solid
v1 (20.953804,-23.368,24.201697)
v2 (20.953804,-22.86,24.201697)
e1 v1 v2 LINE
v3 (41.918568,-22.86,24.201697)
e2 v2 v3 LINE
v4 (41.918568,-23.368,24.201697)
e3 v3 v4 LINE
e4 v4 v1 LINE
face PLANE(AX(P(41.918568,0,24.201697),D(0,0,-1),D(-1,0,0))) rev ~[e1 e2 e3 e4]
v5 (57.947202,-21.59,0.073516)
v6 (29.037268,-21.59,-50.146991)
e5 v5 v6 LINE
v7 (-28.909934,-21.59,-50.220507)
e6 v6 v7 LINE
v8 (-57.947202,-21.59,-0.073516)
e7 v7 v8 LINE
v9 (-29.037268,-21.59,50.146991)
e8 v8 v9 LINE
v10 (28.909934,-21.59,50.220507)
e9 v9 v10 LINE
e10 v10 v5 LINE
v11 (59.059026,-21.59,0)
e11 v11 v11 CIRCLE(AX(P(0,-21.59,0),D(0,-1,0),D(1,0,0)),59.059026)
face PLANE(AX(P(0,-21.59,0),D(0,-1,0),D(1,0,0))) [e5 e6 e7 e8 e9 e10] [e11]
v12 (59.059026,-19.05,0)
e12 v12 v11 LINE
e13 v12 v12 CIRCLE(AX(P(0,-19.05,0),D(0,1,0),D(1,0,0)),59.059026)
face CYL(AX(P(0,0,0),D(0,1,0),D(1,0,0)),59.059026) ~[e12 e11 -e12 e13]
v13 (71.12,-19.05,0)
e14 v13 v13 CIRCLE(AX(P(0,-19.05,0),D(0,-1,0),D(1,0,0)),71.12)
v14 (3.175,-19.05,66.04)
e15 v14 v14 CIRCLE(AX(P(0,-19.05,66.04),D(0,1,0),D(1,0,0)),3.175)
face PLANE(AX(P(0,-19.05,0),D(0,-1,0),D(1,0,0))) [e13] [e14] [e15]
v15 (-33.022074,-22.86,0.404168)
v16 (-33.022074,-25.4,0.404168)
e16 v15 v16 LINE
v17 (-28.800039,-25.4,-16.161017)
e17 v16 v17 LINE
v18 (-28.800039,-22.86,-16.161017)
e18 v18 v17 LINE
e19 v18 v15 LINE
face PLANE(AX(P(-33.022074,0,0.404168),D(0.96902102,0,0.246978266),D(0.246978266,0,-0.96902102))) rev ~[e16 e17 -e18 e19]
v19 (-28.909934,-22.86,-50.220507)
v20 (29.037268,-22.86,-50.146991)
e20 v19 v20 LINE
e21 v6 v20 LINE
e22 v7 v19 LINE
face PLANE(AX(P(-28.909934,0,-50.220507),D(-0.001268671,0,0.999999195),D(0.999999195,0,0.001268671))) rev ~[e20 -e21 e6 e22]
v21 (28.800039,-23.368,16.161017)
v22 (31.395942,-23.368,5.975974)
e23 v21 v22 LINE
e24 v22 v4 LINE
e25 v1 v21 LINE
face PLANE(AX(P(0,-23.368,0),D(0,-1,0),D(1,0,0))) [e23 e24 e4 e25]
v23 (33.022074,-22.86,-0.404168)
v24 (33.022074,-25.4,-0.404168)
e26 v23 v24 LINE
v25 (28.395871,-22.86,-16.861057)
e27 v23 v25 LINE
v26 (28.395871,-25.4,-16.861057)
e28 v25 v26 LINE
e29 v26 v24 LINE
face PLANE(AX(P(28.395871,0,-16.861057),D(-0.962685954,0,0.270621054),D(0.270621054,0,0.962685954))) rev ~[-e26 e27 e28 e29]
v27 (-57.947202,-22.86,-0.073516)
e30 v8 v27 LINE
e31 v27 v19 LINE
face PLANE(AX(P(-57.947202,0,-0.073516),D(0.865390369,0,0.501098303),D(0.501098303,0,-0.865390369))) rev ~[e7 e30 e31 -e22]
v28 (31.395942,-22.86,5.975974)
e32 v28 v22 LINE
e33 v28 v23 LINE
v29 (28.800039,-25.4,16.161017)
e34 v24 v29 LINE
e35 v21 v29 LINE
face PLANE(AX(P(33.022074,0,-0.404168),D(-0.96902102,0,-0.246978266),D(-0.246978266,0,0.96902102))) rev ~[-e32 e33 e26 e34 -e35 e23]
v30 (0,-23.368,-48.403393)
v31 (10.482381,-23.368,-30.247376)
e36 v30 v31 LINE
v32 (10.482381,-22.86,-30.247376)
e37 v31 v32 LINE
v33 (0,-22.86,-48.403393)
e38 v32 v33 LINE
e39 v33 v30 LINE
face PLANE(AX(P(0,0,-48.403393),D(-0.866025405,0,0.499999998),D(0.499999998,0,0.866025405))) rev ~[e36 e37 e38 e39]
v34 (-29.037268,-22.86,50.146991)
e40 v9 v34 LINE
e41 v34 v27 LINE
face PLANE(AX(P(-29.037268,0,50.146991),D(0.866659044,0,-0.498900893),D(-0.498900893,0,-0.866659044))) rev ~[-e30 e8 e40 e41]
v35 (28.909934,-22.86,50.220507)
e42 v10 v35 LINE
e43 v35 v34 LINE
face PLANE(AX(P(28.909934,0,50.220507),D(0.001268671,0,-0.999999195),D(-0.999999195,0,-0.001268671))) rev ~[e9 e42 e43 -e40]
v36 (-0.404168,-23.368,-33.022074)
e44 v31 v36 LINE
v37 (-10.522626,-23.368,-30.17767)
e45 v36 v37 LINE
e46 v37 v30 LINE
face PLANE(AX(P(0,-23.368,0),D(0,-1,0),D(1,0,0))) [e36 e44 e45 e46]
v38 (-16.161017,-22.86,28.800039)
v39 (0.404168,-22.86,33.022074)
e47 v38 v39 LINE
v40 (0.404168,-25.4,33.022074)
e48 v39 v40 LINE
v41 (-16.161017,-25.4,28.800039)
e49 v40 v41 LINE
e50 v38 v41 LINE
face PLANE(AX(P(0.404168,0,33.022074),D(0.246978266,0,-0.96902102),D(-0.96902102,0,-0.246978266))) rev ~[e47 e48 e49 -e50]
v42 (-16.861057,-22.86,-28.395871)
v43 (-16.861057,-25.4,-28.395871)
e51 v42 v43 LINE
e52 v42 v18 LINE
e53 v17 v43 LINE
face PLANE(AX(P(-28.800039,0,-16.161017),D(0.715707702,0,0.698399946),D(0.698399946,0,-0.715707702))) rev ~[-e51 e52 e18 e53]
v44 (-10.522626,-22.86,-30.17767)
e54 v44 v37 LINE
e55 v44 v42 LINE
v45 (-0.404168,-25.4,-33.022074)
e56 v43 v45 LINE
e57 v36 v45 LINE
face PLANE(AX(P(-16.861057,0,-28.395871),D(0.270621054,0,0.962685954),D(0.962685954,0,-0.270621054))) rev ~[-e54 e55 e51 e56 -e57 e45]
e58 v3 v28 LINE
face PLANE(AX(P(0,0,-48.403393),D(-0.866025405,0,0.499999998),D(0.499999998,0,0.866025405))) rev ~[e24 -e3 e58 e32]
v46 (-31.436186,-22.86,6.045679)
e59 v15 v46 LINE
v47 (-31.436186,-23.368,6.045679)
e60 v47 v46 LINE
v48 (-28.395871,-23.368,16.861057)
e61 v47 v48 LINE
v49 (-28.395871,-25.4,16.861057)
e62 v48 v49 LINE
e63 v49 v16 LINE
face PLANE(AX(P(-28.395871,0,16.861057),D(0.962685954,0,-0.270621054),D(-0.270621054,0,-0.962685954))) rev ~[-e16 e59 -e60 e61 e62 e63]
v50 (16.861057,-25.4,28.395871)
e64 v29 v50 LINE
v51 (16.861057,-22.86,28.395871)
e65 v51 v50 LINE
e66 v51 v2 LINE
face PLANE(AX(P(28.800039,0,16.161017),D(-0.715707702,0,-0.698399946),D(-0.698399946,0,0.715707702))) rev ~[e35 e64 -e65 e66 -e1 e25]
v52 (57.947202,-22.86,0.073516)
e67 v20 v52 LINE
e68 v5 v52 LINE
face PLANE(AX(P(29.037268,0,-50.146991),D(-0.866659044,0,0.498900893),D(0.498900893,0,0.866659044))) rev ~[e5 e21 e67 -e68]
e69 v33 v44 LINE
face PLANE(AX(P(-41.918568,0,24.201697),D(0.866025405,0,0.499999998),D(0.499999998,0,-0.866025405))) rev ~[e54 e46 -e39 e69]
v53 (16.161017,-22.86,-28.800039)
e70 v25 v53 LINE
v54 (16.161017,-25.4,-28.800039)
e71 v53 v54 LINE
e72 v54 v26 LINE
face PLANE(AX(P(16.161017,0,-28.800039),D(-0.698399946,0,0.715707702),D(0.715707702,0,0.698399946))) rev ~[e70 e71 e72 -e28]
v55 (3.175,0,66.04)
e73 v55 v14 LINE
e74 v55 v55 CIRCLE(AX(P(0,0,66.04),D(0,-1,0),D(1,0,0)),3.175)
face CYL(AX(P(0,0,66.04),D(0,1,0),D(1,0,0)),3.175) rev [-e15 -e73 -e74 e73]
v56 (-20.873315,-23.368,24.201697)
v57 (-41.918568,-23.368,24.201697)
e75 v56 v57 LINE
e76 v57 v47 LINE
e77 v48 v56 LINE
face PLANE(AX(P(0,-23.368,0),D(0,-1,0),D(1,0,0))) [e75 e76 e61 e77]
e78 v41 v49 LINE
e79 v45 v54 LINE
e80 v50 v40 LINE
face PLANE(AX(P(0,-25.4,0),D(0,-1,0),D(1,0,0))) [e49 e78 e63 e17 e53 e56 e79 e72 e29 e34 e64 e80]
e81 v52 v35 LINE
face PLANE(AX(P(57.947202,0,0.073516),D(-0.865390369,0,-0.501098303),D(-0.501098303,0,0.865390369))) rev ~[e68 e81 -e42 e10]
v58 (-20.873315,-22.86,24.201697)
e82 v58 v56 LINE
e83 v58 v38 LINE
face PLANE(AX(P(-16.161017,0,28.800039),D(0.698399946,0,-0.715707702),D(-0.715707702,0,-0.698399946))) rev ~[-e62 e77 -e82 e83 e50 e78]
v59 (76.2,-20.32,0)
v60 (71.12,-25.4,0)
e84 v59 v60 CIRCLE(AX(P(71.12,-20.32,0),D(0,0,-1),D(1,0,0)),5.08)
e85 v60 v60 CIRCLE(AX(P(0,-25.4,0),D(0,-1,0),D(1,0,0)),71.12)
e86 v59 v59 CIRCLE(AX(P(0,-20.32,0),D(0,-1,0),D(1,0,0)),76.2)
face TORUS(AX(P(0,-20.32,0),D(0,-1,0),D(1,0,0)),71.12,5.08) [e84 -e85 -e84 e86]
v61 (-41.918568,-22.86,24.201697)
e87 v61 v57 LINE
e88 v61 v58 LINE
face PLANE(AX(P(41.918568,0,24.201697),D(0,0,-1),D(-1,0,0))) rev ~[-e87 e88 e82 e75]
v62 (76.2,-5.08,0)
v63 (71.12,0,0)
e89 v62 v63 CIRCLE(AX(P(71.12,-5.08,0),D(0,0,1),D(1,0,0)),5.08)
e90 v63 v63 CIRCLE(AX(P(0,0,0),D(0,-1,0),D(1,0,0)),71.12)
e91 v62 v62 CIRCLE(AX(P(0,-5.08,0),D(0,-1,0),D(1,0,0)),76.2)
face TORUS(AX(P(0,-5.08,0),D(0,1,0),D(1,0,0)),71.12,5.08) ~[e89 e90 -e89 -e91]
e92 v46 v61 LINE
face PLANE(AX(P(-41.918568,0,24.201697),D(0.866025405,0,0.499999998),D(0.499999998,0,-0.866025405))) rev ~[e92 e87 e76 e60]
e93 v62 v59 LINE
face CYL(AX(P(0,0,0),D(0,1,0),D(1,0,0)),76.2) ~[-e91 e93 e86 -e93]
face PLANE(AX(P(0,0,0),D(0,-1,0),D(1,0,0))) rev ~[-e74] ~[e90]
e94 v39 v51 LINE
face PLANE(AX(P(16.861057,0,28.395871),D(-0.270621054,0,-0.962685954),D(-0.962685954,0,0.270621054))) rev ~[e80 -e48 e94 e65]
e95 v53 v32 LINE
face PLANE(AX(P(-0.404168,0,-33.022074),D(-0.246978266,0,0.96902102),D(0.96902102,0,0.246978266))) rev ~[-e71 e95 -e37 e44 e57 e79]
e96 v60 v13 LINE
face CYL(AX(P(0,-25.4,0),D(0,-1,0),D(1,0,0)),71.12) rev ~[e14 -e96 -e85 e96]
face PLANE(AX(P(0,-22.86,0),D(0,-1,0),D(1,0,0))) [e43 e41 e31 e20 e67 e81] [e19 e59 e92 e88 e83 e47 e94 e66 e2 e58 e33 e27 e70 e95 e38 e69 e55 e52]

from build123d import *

# Parameters (mm, degrees)
F0_R      = 76.2
F1_DEPTH  = 25.4
F2_R      = 5.08
F1_FACE_R = 71.12
F3_DEPTH  = 6.35
F4_R      = 3.175
F5_DEPTH  = 25.4
F6_R      = 59.059026
F7_DEPTH  = 21.59
F9_DEPTH  = 22.86
F11_DEPTH = 23.368
F13_DEPTH = 25.4


with BuildPart() as f1:
    # F0 (on Front) → F1 (new body)
    with BuildSketch(Plane.XZ):
        Circle(F0_R)
    extrude(amount=F1_DEPTH)

    # F2
    f2_edges = [f1.edges().sort_by_distance(p)[0] for p in [
        (76.2, -12.7, 0),
        (-76.2, 0, 0),
        (-76.2, -25.4, 0),
    ]]
    fillet(f2_edges, radius=F2_R)

    # F1_face (on face) → F3 (cut)
    with BuildSketch(Plane.XZ.offset(25.4)):
        Circle(F1_FACE_R)
    extrude(amount=-F3_DEPTH, mode=Mode.SUBTRACT)

    # F4 (on Front) → F5 (cut)
    with BuildSketch(Plane.XZ):
        with Locations((0, 66.04)):
            Circle(F4_R)
    extrude(amount=F5_DEPTH, mode=Mode.SUBTRACT)

    # F6 (on Front) → F7 (join)
    with BuildSketch(Plane.XZ):
        Circle(F6_R)
    extrude(amount=F7_DEPTH)

    # F8 (on Front) → F9 (join)
    with BuildSketch(Plane.XZ):
        Polygon((29.037268, -50.146991), (57.947202, 0.073516), (28.909934, 50.220507), (-29.037268, 50.146991), (-57.947202, -0.073516), (-28.909934, -50.220507), align=None)
    extrude(amount=F9_DEPTH)

    # F10 (on Front) → F11 (join)
    with BuildSketch(Plane.XZ):
        Polygon((-41.918568, 24.201697), (0, -48.403393), (41.918568, 24.201697), align=None)
    extrude(amount=F11_DEPTH)

    # F12 (on Front) → F13 (join)
    with BuildSketch(Plane.XZ):
        Polygon((33.022074, -0.404168), (28.800039, 16.161017), (16.861057, 28.395871), (0.404168, 33.022074), (-16.161017, 28.800039), (-28.395871, 16.861057), (-33.022074, 0.404168), (-28.800039, -16.161017), (-16.861057, -28.395871), (-0.404168, -33.022074), (16.161017, -28.800039), (28.395871, -16.861057), align=None)
    extrude(amount=F13_DEPTH)


solid = f1.part
